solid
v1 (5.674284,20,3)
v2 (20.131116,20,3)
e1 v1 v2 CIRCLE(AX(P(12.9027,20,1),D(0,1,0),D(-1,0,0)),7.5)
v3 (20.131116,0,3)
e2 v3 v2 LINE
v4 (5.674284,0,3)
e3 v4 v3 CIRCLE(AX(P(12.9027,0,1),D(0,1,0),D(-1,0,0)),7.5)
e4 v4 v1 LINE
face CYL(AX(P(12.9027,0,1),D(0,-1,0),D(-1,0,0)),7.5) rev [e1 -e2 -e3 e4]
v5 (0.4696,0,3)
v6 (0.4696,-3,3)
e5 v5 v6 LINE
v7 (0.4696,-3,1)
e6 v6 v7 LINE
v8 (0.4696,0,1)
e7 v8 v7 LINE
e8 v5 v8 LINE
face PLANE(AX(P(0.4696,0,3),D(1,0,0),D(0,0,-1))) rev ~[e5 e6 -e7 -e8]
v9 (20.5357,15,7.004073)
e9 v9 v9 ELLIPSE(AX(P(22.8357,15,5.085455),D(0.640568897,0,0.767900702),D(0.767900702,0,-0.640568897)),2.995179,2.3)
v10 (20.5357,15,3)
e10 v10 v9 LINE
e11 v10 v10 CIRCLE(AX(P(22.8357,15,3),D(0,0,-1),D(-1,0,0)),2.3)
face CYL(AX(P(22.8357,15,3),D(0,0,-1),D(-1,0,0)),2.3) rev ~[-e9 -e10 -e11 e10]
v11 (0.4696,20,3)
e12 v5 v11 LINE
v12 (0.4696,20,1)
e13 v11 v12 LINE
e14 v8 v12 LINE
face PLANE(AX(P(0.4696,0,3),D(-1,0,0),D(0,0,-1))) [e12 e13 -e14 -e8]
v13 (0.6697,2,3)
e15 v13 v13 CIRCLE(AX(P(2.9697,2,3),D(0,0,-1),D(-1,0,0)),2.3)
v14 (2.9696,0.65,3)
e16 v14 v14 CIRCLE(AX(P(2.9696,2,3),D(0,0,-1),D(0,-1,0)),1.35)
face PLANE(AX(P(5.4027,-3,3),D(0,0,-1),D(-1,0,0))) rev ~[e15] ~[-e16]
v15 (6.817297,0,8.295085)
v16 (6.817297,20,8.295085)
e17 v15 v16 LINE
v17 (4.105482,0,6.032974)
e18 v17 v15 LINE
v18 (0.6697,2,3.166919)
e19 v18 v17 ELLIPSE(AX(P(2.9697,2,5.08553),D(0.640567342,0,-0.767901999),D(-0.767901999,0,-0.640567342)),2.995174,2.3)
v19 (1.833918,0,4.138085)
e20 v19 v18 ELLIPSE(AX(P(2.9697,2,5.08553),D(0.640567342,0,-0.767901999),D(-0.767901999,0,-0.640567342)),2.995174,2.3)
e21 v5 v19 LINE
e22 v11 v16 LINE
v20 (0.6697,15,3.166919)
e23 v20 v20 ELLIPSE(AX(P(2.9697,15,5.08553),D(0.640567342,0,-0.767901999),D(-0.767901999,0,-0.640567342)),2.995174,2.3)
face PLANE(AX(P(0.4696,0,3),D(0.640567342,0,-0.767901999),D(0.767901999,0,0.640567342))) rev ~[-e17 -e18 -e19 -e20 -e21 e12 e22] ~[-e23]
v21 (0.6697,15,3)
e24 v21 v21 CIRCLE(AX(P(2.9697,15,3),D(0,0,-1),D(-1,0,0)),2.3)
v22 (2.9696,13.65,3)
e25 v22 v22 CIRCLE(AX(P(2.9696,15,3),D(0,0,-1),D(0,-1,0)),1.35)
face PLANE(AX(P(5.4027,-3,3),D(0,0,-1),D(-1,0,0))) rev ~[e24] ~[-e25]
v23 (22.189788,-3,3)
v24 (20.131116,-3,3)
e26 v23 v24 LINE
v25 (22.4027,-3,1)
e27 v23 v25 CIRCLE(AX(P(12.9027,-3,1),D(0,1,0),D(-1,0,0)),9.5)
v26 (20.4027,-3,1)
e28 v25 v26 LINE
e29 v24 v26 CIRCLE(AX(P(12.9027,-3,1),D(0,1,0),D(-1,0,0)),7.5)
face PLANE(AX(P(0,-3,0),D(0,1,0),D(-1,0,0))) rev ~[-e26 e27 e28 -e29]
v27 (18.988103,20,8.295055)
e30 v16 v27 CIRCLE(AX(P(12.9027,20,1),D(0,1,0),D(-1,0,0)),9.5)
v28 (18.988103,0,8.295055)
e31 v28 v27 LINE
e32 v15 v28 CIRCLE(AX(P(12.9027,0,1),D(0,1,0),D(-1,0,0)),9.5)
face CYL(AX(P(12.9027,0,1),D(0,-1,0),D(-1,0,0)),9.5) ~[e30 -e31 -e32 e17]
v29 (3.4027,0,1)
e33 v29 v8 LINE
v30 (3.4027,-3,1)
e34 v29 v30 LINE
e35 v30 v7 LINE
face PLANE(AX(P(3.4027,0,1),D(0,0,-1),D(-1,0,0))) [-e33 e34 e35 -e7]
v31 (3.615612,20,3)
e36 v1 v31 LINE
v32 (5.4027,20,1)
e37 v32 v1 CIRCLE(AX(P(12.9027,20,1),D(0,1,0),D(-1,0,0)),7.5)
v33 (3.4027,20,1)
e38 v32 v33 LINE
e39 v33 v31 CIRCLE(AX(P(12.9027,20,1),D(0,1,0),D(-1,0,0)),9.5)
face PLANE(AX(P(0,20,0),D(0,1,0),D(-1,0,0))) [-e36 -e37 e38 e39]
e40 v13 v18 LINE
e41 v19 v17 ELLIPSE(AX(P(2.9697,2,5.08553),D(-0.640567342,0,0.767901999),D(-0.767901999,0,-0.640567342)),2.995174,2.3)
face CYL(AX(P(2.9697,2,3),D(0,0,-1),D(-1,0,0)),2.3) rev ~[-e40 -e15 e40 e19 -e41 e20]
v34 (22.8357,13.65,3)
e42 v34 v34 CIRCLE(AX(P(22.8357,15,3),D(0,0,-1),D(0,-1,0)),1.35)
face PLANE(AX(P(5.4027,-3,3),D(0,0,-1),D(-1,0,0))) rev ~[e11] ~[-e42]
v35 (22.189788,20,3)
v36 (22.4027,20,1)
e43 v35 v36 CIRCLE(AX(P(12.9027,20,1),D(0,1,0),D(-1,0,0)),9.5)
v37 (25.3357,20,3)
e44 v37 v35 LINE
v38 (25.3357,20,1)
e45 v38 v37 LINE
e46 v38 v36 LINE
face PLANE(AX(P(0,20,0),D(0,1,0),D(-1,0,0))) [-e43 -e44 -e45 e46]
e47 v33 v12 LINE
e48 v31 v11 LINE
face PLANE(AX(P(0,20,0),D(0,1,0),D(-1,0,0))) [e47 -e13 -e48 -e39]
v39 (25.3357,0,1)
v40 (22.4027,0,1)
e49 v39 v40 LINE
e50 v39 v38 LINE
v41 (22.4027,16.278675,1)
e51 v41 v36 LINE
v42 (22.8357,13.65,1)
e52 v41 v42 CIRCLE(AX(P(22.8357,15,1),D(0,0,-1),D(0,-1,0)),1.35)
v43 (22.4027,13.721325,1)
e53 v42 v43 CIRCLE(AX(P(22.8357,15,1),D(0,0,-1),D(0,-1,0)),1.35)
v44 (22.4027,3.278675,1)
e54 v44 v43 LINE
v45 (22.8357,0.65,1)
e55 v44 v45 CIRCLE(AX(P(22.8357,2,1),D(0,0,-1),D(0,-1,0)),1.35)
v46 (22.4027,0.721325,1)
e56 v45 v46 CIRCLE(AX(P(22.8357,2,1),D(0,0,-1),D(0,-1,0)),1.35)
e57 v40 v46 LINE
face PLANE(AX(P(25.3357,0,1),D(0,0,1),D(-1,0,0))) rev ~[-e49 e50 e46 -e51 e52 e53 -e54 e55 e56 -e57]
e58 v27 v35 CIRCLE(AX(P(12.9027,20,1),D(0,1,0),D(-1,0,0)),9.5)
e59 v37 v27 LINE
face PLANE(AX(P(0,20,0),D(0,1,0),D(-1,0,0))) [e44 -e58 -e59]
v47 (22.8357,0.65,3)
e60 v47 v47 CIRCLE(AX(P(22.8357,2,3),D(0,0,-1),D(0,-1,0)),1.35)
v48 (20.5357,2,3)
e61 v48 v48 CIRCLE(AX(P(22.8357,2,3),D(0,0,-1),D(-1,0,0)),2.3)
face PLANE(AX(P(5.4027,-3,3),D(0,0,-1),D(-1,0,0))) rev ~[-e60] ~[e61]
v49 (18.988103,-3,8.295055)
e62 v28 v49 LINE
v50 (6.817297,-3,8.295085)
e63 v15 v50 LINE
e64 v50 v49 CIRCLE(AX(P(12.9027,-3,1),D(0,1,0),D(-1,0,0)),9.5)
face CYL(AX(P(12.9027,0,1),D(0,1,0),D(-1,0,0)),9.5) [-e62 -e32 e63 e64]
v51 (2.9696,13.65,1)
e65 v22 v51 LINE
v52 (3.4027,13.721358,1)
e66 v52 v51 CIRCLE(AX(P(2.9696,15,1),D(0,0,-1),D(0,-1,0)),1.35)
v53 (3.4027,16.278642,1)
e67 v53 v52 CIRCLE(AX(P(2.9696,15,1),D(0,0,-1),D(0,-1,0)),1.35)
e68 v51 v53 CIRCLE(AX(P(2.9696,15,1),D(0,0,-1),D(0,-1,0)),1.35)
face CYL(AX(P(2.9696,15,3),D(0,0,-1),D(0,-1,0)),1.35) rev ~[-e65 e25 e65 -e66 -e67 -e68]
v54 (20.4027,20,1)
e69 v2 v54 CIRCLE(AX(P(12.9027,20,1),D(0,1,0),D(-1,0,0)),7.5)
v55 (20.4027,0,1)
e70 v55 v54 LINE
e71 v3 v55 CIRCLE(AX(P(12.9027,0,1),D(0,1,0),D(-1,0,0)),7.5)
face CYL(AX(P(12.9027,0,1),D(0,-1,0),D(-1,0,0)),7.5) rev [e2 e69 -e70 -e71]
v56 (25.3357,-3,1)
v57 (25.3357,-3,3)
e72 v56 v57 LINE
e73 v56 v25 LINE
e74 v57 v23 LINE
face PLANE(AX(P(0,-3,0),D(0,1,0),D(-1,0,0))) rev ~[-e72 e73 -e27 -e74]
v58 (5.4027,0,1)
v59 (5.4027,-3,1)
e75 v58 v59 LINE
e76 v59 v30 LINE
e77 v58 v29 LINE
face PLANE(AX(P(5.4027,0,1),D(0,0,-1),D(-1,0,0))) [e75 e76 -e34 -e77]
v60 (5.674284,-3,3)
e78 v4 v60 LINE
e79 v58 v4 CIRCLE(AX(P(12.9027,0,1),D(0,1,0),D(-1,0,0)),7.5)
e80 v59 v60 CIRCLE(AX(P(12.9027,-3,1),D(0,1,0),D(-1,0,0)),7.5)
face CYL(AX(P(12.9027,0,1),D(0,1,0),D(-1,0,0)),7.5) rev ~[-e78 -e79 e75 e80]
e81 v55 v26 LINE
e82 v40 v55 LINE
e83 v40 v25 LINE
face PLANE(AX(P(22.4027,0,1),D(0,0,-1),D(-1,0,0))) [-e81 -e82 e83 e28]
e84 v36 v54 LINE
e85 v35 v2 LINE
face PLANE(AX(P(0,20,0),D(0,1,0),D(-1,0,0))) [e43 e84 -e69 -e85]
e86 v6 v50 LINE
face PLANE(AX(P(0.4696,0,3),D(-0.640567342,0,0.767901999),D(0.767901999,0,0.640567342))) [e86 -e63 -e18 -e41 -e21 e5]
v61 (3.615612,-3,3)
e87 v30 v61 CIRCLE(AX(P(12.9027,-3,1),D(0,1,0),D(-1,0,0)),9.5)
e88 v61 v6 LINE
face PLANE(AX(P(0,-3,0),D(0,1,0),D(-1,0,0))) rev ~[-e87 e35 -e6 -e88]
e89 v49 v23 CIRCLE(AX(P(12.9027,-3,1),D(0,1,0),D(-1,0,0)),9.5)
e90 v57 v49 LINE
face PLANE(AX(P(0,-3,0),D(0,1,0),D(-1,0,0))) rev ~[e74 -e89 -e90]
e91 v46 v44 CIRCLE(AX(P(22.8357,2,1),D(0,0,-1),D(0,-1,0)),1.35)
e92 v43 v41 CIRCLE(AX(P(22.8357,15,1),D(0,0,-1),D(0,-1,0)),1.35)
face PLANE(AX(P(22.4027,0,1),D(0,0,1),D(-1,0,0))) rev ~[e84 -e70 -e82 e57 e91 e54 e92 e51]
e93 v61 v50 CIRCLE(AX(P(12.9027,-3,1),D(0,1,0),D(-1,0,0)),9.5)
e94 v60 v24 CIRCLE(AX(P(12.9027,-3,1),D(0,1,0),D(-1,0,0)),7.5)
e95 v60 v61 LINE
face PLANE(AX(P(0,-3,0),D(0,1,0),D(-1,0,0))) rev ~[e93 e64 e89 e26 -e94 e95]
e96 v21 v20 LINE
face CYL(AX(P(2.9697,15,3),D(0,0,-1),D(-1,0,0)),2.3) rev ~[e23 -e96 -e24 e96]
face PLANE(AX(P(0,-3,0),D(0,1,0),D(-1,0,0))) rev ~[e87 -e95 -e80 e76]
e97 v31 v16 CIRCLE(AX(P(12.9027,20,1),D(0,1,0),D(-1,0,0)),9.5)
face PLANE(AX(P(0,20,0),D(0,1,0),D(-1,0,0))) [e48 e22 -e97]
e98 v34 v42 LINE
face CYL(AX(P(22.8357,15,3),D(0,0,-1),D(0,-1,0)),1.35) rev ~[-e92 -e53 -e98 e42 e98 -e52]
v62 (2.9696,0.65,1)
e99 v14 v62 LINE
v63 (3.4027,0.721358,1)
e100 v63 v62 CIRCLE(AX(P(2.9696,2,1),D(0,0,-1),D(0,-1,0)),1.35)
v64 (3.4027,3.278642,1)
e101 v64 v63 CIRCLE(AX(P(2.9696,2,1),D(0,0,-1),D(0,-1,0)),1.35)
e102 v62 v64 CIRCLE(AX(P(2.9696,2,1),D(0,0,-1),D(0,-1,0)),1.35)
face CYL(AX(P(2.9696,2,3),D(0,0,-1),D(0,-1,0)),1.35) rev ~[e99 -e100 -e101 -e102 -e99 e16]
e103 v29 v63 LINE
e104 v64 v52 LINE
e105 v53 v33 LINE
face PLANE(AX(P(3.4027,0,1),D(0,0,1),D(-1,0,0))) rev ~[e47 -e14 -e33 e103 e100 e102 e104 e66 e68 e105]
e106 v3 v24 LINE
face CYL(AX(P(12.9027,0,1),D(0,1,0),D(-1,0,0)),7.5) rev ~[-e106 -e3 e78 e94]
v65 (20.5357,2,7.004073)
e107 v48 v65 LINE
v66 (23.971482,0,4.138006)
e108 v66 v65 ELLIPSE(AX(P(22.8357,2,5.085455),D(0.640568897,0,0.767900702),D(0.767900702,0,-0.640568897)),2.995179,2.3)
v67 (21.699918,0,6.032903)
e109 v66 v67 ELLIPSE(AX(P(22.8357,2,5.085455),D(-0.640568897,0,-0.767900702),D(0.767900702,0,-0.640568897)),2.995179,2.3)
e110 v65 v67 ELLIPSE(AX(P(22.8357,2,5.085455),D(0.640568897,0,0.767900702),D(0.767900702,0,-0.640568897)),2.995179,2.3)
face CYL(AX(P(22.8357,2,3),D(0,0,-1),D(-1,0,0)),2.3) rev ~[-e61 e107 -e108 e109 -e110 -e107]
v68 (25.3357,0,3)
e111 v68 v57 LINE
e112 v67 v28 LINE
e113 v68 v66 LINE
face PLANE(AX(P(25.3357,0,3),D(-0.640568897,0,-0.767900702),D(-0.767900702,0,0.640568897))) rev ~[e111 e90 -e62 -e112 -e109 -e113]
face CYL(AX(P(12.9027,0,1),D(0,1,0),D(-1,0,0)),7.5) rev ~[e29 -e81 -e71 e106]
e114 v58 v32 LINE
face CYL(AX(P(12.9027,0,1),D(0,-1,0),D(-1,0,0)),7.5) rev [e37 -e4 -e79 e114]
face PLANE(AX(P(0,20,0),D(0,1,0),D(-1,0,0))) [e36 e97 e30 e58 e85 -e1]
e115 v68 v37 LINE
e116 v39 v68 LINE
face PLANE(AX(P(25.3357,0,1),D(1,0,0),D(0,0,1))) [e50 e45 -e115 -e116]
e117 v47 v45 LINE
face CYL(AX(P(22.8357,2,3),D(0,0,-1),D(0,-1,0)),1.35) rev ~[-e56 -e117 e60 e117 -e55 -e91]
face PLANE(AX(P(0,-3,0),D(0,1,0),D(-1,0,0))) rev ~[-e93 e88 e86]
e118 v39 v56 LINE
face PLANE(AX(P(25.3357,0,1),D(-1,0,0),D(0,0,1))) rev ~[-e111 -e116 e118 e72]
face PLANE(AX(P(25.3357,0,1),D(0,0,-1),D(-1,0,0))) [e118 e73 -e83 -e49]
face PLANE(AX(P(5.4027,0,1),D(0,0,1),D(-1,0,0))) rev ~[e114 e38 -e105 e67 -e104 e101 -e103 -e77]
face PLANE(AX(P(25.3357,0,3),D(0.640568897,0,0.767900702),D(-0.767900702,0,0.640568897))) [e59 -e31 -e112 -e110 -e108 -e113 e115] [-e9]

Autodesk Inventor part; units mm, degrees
ref_plane "YZ Plane" through (0, 0, 0) normal (1, 0, 0) x (0, 1, 0)
ref_plane "XZ Plane" through (0, 0, 0) normal (0, 1, 0) x (-1, 0, 0)
sketch "Sketch1" plane through (0, 0, 0) normal (0, 1, 0) x (-1, 0, 0)
  arc A0 (-20.3357, 0) -> (-5.4696, 0) centre (-12.9027, 1) ccw projected
  circle A1 centre (-12.9027, 1) radius 7.5
  circle A2 centre (-12.9027, 1) radius 9.5
  line L0 (-0.4696, 0) -> (-5.4696, 0) projected
  line L1 (-20.3357, 0) -> (-25.3357, 0) projected
  line L2 (-0.4696, 0) -> (-25.3357, 0)
  line L3 (-25.3357, 0) -> (-25.3357, 1)
  line L4 (-25.3357, 1) -> (-0.4696, 1)
  line L5 (-0.4696, 1) -> (-0.4696, 0)
  line L6 (-0.4696, 1) -> (-25.3357, 1)
  line L7 (-25.3357, 1) -> (-25.3357, 3)
  line L8 (-25.3357, 3) -> (-0.4696, 3)
  line L9 (-0.4696, 3) -> (-0.4696, 1)
  line L10 (-25.3357, 3) -> (-16.9494, 9.9957)
  line L11 (-0.4696, 3) -> (-9.4027, 10.4518)
  point P0 (0, 0)
  point P1 (-6.8173, 8.2951)
  point P2 (-18.9881, 8.2951)
  point P3 (-20.4027, 1)
  point P4 (-5.4027, 1)
  dimension "d0" = 2
  dimension "d1" = 1
  dimension "d2" = 2
ref_plane "Work Plane1" through (-1.0566, 20, -15.5001) normal (0, 1, 0) x (-0.6956, 0, 0.7184)
extrude "Extrusion1" add sketch "Sketch1" along normal blind 20 and the other way blind 3 contours L4 A2 L8 A1 | A1 L8 A2 L4 | L8 A2 A1 | L4 L7 L8 A2 | A2 L8 L9 L4 | L8 L10 A2 | A2 L11 L8
ref_plane "Work Plane2" through (5.4027, -3, 3) normal (0, 0, -1) x (-1, 0, 0)
sketch "Sketch2" plane through (5.4027, -3, 3) normal (0, 0, -1) x (-1, 0, 0)
  circle A0 centre (2.433, 5) radius 1.15 projected
  circle A1 centre (2.433, 18) radius 1.15 projected
  line L0 (-0.067, 23) -> (-0.067, 0) projected
  line L1 (4.933, 23) -> (-0.067, 23) projected
  line L2 (4.933, 23) -> (4.933, 0) projected
  line L3 (-0.067, 0) -> (4.933, 0) projected
  circle A2 centre (-17.433, 18) radius 1.15 projected
  circle A3 centre (-17.433, 5) radius 1.15 projected
  line L4 (-14.933, 0) -> (-14.933, 23) projected
  line L5 (-19.933, 0) -> (-14.933, 0) projected
  line L6 (-19.933, 23) -> (-19.933, 0) projected
  line L7 (-14.933, 23) -> (-19.933, 23) projected
  circle A4 centre (2.433, 18) radius 2.3
  circle A5 centre (2.433, 5) radius 2.3
  circle A6 centre (-17.433, 18) radius 2.3
  circle A7 centre (-17.433, 5) radius 2.3
  point P0 (5.4027, 3)
  dimension "d6" = 4.6
  dimension "d7" = 4.6
  dimension "d8" = 4.6
  dimension "d9" = 4.6
extrude "Extrusion2" cut sketch "Sketch2" against normal blind 10 contours A0 | A1 | A2 | A3 | A4 | A5 | A6 | A7
hole "Hole1" at (2.9696, 15, 3) at (2.9696, 2, 3) at (22.8357, 2, 3) at (22.8357, 15, 3) direction (0, 0, -1) diameter 2.7 end through all clearance for "Countersunk Flat Head Screw ISO 2009/7046" size "M2.5" standard "ISO"
properties part number "cpap hose holder"
